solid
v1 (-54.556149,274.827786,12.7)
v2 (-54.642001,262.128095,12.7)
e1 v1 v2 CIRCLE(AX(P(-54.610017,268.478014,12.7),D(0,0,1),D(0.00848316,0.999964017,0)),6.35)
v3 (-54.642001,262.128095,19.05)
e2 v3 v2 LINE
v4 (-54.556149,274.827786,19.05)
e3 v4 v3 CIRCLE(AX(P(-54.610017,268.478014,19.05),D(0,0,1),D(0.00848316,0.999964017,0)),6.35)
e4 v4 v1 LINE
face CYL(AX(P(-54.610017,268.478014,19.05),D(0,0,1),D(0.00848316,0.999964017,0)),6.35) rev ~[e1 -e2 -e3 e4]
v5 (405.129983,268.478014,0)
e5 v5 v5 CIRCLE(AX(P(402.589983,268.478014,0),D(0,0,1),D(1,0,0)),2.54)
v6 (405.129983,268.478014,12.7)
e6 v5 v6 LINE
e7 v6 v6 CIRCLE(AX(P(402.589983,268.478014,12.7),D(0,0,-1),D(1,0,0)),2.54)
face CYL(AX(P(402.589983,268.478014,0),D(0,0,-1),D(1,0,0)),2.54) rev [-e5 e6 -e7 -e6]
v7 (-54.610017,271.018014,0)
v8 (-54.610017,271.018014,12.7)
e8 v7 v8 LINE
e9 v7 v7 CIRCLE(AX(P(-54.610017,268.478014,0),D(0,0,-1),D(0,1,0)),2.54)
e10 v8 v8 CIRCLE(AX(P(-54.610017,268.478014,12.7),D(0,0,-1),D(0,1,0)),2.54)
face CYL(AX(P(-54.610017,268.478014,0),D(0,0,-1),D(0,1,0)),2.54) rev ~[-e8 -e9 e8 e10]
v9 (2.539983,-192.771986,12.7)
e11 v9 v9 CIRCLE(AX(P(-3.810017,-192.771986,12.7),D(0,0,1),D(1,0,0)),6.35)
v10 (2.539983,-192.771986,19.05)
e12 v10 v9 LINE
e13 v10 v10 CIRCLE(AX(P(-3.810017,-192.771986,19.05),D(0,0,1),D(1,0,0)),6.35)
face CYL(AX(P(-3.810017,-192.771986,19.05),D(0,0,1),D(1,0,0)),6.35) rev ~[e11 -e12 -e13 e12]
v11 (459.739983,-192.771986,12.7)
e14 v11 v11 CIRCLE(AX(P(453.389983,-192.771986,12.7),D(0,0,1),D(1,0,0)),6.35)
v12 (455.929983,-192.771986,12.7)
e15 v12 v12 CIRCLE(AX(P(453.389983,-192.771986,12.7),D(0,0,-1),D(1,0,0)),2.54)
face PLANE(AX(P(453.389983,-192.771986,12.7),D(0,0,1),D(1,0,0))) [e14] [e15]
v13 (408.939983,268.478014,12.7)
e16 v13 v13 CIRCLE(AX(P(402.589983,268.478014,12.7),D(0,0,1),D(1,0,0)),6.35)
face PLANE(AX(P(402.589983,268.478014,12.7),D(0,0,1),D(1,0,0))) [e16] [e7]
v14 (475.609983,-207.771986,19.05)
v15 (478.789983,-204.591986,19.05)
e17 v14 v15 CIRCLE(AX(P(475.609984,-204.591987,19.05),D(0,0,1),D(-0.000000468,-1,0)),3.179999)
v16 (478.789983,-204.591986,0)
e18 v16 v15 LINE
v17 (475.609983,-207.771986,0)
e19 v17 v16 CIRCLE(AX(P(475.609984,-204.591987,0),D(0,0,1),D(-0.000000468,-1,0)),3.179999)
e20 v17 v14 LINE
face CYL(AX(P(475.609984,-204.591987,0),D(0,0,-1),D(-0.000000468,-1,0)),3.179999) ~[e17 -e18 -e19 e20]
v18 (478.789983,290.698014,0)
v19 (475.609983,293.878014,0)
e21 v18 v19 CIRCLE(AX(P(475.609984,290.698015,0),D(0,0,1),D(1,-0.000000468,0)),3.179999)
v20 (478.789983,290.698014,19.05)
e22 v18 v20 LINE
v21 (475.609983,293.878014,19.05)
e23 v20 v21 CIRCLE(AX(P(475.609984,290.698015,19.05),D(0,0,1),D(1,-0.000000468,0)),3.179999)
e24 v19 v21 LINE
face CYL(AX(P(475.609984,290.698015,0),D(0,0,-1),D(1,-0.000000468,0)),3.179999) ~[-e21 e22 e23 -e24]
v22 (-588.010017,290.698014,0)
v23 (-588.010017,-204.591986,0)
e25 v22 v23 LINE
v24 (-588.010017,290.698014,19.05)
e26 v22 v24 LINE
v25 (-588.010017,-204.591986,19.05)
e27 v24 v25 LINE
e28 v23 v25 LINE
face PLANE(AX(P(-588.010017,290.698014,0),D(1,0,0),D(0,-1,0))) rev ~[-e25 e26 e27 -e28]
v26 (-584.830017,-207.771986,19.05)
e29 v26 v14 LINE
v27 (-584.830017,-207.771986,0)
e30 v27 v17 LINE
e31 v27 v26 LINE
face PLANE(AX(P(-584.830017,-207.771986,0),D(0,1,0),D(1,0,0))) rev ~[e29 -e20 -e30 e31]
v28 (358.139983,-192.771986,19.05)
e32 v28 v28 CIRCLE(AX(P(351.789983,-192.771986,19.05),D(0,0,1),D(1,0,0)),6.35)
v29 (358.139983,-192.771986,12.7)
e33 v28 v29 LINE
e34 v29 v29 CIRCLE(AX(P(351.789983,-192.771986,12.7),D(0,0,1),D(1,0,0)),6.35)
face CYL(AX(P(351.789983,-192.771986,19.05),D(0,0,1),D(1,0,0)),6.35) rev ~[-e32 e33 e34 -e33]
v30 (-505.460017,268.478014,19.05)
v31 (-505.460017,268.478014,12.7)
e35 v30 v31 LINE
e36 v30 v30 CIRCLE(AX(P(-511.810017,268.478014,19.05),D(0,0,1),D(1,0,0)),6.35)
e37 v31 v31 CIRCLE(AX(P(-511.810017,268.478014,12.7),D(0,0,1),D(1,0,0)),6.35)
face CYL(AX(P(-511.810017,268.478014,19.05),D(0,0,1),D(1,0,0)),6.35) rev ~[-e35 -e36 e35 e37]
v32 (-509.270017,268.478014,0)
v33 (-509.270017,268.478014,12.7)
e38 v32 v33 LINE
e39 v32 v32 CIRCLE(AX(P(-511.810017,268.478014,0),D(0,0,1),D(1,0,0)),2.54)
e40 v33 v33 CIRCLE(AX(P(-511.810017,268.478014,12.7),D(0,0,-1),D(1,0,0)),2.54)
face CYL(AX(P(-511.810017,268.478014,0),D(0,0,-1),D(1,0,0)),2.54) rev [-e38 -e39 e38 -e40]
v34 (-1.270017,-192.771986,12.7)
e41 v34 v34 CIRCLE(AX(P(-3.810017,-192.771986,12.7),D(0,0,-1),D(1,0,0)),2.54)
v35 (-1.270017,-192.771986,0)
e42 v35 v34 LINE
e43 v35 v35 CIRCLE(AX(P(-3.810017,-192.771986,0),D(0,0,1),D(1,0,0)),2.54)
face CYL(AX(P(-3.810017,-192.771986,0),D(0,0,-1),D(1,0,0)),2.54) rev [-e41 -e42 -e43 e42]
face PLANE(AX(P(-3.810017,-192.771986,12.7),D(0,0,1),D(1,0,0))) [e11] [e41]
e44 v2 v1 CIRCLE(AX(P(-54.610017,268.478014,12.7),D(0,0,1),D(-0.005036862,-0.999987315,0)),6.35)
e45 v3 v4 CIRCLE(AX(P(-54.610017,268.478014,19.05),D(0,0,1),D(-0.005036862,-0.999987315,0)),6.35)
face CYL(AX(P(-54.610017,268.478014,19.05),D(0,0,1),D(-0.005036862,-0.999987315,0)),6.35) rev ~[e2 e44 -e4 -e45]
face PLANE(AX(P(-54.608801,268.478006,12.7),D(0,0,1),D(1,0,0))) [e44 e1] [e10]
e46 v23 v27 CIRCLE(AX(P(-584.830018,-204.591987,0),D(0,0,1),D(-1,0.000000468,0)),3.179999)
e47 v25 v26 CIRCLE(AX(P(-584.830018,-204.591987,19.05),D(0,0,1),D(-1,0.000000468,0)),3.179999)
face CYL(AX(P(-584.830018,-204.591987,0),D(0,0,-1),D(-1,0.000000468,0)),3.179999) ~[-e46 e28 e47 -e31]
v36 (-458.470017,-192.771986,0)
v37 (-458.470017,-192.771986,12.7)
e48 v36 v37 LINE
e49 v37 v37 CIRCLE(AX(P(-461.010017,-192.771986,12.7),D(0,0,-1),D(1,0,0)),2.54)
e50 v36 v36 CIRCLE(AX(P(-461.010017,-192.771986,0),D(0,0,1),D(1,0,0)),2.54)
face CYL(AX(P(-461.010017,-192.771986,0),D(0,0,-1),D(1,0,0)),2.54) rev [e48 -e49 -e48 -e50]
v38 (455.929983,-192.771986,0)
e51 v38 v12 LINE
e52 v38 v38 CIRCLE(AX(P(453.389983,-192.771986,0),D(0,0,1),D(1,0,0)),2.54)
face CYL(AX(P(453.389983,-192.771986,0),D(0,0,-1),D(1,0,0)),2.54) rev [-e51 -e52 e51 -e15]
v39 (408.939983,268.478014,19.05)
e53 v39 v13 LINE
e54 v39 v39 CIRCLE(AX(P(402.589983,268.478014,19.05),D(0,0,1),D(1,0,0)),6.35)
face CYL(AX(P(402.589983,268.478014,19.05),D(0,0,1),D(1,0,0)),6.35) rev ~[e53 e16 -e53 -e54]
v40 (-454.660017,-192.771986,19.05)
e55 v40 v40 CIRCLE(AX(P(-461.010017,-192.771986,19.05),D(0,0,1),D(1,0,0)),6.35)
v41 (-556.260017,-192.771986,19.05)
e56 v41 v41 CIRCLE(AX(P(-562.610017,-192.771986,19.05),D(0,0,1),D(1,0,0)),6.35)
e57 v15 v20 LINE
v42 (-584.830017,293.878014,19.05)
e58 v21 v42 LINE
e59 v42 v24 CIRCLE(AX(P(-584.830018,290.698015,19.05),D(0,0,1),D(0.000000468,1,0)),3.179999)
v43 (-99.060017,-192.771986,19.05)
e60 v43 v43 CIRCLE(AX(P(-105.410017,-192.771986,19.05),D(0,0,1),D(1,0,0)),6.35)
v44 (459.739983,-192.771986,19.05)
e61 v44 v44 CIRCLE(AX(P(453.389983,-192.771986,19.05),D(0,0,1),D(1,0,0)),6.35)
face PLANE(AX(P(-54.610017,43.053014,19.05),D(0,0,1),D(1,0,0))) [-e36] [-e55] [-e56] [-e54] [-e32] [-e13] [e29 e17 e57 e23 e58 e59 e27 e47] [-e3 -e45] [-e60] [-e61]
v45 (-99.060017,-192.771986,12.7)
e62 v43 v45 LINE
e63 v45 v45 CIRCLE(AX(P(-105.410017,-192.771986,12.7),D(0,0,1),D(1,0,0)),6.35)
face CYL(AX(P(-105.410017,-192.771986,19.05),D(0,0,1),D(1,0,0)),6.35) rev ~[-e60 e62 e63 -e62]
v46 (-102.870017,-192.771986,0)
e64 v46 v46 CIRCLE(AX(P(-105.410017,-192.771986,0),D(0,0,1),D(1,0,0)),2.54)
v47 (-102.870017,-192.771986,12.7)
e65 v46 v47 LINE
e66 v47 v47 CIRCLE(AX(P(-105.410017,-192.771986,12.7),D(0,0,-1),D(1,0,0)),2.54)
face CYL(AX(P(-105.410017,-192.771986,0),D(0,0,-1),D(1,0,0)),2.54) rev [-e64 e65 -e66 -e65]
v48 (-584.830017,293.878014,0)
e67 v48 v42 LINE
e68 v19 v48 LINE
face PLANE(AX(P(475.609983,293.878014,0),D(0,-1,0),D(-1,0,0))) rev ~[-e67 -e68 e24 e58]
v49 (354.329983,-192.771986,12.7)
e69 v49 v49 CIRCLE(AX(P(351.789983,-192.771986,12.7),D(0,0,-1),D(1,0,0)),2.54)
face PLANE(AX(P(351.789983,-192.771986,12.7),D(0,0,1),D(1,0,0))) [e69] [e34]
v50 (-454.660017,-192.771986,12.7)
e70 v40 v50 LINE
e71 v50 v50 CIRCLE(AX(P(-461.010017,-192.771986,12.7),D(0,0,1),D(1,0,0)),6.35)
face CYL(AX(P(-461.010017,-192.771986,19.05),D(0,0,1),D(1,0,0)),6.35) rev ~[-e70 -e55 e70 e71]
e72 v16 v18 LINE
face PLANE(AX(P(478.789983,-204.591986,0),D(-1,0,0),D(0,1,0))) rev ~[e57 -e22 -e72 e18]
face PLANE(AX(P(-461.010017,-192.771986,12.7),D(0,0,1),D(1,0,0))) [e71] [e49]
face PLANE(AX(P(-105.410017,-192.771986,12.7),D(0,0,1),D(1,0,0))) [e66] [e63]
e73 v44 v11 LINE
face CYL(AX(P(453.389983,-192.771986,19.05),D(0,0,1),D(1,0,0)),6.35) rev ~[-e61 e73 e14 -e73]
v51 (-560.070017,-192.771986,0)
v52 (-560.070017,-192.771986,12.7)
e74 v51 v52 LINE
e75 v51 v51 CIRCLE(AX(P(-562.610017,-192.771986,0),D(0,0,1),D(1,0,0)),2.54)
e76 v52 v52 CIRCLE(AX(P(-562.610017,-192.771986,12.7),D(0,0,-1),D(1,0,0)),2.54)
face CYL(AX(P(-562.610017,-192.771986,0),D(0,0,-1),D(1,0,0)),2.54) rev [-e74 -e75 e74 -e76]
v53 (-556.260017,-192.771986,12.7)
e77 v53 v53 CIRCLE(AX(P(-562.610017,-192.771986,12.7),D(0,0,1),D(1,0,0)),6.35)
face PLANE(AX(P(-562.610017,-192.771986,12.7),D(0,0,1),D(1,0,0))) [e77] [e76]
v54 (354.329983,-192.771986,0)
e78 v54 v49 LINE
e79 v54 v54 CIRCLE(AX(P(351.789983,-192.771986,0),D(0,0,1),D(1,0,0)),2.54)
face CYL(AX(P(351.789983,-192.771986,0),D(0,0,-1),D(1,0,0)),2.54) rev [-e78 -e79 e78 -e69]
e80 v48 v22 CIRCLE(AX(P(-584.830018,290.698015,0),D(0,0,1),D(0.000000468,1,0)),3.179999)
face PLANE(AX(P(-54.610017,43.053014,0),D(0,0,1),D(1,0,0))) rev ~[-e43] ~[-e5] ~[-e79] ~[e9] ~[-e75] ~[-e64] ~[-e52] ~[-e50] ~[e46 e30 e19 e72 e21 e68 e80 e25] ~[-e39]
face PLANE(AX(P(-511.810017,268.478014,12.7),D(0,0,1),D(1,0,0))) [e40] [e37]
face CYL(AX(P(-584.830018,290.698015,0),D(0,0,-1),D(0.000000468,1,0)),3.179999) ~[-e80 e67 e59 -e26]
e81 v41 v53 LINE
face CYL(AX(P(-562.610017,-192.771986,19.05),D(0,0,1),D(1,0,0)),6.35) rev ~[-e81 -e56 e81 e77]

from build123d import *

# Parameters (mm, degrees)
F2_R     = 6.35
F2_R_2   = 2.54
F3_DEPTH = 19.05
F4_R     = 6.35
F5_DEPTH = 6.35


with BuildPart() as f3:
    # F2 (on Top) → F3 (new body)
    with BuildSketch(Plane.XY):
        with BuildLine():
            Line((-54.610017, 293.878014), (-584.830017, 293.878014))
            ThreePointArc((-584.830017, 293.878014), (-587.078617, 292.946614), (-588.010017, 290.698014))
            Line((-588.010017, 290.698014), (-588.010017, 43.053014))
            Line((-588.010017, 43.053014), (-588.010017, -204.591986))
            ThreePointArc((-588.010017, -204.591986), (-587.078617, -206.840586), (-584.830017, -207.771986))
            Line((-584.830017, -207.771986), (-54.610017, -207.771986))
            Line((-54.610017, -207.771986), (475.609983, -207.771986))
            ThreePointArc((475.609983, -207.771986), (477.858583, -206.840586), (478.789983, -204.591986))
            Line((478.789983, -204.591986), (478.789983, 43.053014))
            Line((478.789983, 43.053014), (478.789983, 290.698014))
            ThreePointArc((478.789983, 290.698014), (477.858583, 292.946614), (475.609983, 293.878014))
            Line((475.609983, 293.878014), (-54.610017, 293.878014))
        make_face()
        with Locations((-562.610017, -192.771986)):
            Circle(F2_R, mode=Mode.SUBTRACT)
        with Locations((-461.010017, -192.771986)):
            Circle(F2_R, mode=Mode.SUBTRACT)
        with Locations((-105.410017, -192.771986)):
            Circle(F2_R, mode=Mode.SUBTRACT)
        with Locations((-3.810017, -192.771986)):
            Circle(F2_R, mode=Mode.SUBTRACT)
        with Locations((351.789983, -192.771986)):
            Circle(F2_R, mode=Mode.SUBTRACT)
        with Locations((453.389983, -192.771986)):
            Circle(F2_R, mode=Mode.SUBTRACT)
        with Locations((-511.810017, 268.478014)):
            Circle(F2_R, mode=Mode.SUBTRACT)
        with BuildLine():
            ThreePointArc((-54.663885, 274.827786), (-54.610017, 274.828014), (-54.556149, 274.827786))
            ThreePointArc((-54.556149, 274.827786), (-48.260026, 268.467072), (-54.578033, 262.128095))
            ThreePointArc((-54.578033, 262.128095), (-54.610017, 262.128014), (-54.642001, 262.128095))
            ThreePointArc((-54.642001, 262.128095), (-60.960008, 268.467072), (-54.663885, 274.827786))
        make_face(mode=Mode.SUBTRACT)
        with Locations((402.589983, 268.478014)):
            Circle(F2_R, mode=Mode.SUBTRACT)
        with Locations((-511.810017, 268.478014)):
            Circle(F2_R)
        with Locations((-511.810017, 268.478014)):
            Circle(F2_R_2, mode=Mode.SUBTRACT)
        with BuildLine():
            ThreePointArc((-54.578033, 262.128095), (-48.260026, 268.467072), (-54.556149, 274.827786))
            ThreePointArc((-54.556149, 274.827786), (-54.610017, 274.828014), (-54.663885, 274.827786))
            ThreePointArc((-54.663885, 274.827786), (-60.960008, 268.467072), (-54.642001, 262.128095))
            ThreePointArc((-54.642001, 262.128095), (-54.610017, 262.128014), (-54.578033, 262.128095))
        make_face()
        with BuildLine():
            ThreePointArc((-54.610017, 265.938014), (-57.150017, 268.478014), (-54.610017, 271.018014))
            ThreePointArc((-54.610017, 271.018014), (-52.070017, 268.478014), (-54.610017, 265.938014))
        make_face(mode=Mode.SUBTRACT)
        with Locations((402.589983, 268.478014)):
            Circle(F2_R)
        with Locations((402.589983, 268.478014)):
            Circle(F2_R_2, mode=Mode.SUBTRACT)
        with Locations((453.389983, -192.771986)):
            Circle(F2_R)
        with Locations((453.389983, -192.771986)):
            Circle(F2_R_2, mode=Mode.SUBTRACT)
        with Locations((351.789983, -192.771986)):
            Circle(F2_R)
        with Locations((351.789983, -192.771986)):
            Circle(F2_R_2, mode=Mode.SUBTRACT)
        with Locations((-3.810017, -192.771986)):
            Circle(F2_R)
        with Locations((-3.810017, -192.771986)):
            Circle(F2_R_2, mode=Mode.SUBTRACT)
        with Locations((-105.410017, -192.771986)):
            Circle(F2_R)
        with Locations((-105.410017, -192.771986)):
            Circle(F2_R_2, mode=Mode.SUBTRACT)
        with Locations((-461.010017, -192.771986)):
            Circle(F2_R)
        with Locations((-461.010017, -192.771986)):
            Circle(F2_R_2, mode=Mode.SUBTRACT)
        with Locations((-562.610017, -192.771986)):
            Circle(F2_R)
        with Locations((-562.610017, -192.771986)):
            Circle(F2_R_2, mode=Mode.SUBTRACT)
    extrude(amount=F3_DEPTH)

    # F4 (on face) → F5 (cut)
    with BuildSketch(Plane.XY.offset(19.05)):
        with Locations((-511.810017, 268.478014)):
            Circle(F4_R)
        with BuildLine():
            ThreePointArc((-54.556149, 274.827786), (-60.959872, 268.52094), (-54.642001, 262.128095))
            ThreePointArc((-54.642001, 262.128095), (-48.260162, 268.435088), (-54.556149, 274.827786))
        make_face()
        with Locations((402.589983, 268.478014)):
            Circle(F4_R)
        with Locations((453.389983, -192.771986)):
            Circle(F4_R)
        with Locations((351.789983, -192.771986)):
            Circle(F4_R)
        with Locations((-3.810017, -192.771986)):
            Circle(F4_R)
        with Locations((-105.410017, -192.771986)):
            Circle(F4_R)
        with Locations((-461.010017, -192.771986)):
            Circle(F4_R)
        with Locations((-562.610017, -192.771986)):
            Circle(F4_R)
    extrude(amount=-F5_DEPTH, mode=Mode.SUBTRACT)


solid = f3.part
